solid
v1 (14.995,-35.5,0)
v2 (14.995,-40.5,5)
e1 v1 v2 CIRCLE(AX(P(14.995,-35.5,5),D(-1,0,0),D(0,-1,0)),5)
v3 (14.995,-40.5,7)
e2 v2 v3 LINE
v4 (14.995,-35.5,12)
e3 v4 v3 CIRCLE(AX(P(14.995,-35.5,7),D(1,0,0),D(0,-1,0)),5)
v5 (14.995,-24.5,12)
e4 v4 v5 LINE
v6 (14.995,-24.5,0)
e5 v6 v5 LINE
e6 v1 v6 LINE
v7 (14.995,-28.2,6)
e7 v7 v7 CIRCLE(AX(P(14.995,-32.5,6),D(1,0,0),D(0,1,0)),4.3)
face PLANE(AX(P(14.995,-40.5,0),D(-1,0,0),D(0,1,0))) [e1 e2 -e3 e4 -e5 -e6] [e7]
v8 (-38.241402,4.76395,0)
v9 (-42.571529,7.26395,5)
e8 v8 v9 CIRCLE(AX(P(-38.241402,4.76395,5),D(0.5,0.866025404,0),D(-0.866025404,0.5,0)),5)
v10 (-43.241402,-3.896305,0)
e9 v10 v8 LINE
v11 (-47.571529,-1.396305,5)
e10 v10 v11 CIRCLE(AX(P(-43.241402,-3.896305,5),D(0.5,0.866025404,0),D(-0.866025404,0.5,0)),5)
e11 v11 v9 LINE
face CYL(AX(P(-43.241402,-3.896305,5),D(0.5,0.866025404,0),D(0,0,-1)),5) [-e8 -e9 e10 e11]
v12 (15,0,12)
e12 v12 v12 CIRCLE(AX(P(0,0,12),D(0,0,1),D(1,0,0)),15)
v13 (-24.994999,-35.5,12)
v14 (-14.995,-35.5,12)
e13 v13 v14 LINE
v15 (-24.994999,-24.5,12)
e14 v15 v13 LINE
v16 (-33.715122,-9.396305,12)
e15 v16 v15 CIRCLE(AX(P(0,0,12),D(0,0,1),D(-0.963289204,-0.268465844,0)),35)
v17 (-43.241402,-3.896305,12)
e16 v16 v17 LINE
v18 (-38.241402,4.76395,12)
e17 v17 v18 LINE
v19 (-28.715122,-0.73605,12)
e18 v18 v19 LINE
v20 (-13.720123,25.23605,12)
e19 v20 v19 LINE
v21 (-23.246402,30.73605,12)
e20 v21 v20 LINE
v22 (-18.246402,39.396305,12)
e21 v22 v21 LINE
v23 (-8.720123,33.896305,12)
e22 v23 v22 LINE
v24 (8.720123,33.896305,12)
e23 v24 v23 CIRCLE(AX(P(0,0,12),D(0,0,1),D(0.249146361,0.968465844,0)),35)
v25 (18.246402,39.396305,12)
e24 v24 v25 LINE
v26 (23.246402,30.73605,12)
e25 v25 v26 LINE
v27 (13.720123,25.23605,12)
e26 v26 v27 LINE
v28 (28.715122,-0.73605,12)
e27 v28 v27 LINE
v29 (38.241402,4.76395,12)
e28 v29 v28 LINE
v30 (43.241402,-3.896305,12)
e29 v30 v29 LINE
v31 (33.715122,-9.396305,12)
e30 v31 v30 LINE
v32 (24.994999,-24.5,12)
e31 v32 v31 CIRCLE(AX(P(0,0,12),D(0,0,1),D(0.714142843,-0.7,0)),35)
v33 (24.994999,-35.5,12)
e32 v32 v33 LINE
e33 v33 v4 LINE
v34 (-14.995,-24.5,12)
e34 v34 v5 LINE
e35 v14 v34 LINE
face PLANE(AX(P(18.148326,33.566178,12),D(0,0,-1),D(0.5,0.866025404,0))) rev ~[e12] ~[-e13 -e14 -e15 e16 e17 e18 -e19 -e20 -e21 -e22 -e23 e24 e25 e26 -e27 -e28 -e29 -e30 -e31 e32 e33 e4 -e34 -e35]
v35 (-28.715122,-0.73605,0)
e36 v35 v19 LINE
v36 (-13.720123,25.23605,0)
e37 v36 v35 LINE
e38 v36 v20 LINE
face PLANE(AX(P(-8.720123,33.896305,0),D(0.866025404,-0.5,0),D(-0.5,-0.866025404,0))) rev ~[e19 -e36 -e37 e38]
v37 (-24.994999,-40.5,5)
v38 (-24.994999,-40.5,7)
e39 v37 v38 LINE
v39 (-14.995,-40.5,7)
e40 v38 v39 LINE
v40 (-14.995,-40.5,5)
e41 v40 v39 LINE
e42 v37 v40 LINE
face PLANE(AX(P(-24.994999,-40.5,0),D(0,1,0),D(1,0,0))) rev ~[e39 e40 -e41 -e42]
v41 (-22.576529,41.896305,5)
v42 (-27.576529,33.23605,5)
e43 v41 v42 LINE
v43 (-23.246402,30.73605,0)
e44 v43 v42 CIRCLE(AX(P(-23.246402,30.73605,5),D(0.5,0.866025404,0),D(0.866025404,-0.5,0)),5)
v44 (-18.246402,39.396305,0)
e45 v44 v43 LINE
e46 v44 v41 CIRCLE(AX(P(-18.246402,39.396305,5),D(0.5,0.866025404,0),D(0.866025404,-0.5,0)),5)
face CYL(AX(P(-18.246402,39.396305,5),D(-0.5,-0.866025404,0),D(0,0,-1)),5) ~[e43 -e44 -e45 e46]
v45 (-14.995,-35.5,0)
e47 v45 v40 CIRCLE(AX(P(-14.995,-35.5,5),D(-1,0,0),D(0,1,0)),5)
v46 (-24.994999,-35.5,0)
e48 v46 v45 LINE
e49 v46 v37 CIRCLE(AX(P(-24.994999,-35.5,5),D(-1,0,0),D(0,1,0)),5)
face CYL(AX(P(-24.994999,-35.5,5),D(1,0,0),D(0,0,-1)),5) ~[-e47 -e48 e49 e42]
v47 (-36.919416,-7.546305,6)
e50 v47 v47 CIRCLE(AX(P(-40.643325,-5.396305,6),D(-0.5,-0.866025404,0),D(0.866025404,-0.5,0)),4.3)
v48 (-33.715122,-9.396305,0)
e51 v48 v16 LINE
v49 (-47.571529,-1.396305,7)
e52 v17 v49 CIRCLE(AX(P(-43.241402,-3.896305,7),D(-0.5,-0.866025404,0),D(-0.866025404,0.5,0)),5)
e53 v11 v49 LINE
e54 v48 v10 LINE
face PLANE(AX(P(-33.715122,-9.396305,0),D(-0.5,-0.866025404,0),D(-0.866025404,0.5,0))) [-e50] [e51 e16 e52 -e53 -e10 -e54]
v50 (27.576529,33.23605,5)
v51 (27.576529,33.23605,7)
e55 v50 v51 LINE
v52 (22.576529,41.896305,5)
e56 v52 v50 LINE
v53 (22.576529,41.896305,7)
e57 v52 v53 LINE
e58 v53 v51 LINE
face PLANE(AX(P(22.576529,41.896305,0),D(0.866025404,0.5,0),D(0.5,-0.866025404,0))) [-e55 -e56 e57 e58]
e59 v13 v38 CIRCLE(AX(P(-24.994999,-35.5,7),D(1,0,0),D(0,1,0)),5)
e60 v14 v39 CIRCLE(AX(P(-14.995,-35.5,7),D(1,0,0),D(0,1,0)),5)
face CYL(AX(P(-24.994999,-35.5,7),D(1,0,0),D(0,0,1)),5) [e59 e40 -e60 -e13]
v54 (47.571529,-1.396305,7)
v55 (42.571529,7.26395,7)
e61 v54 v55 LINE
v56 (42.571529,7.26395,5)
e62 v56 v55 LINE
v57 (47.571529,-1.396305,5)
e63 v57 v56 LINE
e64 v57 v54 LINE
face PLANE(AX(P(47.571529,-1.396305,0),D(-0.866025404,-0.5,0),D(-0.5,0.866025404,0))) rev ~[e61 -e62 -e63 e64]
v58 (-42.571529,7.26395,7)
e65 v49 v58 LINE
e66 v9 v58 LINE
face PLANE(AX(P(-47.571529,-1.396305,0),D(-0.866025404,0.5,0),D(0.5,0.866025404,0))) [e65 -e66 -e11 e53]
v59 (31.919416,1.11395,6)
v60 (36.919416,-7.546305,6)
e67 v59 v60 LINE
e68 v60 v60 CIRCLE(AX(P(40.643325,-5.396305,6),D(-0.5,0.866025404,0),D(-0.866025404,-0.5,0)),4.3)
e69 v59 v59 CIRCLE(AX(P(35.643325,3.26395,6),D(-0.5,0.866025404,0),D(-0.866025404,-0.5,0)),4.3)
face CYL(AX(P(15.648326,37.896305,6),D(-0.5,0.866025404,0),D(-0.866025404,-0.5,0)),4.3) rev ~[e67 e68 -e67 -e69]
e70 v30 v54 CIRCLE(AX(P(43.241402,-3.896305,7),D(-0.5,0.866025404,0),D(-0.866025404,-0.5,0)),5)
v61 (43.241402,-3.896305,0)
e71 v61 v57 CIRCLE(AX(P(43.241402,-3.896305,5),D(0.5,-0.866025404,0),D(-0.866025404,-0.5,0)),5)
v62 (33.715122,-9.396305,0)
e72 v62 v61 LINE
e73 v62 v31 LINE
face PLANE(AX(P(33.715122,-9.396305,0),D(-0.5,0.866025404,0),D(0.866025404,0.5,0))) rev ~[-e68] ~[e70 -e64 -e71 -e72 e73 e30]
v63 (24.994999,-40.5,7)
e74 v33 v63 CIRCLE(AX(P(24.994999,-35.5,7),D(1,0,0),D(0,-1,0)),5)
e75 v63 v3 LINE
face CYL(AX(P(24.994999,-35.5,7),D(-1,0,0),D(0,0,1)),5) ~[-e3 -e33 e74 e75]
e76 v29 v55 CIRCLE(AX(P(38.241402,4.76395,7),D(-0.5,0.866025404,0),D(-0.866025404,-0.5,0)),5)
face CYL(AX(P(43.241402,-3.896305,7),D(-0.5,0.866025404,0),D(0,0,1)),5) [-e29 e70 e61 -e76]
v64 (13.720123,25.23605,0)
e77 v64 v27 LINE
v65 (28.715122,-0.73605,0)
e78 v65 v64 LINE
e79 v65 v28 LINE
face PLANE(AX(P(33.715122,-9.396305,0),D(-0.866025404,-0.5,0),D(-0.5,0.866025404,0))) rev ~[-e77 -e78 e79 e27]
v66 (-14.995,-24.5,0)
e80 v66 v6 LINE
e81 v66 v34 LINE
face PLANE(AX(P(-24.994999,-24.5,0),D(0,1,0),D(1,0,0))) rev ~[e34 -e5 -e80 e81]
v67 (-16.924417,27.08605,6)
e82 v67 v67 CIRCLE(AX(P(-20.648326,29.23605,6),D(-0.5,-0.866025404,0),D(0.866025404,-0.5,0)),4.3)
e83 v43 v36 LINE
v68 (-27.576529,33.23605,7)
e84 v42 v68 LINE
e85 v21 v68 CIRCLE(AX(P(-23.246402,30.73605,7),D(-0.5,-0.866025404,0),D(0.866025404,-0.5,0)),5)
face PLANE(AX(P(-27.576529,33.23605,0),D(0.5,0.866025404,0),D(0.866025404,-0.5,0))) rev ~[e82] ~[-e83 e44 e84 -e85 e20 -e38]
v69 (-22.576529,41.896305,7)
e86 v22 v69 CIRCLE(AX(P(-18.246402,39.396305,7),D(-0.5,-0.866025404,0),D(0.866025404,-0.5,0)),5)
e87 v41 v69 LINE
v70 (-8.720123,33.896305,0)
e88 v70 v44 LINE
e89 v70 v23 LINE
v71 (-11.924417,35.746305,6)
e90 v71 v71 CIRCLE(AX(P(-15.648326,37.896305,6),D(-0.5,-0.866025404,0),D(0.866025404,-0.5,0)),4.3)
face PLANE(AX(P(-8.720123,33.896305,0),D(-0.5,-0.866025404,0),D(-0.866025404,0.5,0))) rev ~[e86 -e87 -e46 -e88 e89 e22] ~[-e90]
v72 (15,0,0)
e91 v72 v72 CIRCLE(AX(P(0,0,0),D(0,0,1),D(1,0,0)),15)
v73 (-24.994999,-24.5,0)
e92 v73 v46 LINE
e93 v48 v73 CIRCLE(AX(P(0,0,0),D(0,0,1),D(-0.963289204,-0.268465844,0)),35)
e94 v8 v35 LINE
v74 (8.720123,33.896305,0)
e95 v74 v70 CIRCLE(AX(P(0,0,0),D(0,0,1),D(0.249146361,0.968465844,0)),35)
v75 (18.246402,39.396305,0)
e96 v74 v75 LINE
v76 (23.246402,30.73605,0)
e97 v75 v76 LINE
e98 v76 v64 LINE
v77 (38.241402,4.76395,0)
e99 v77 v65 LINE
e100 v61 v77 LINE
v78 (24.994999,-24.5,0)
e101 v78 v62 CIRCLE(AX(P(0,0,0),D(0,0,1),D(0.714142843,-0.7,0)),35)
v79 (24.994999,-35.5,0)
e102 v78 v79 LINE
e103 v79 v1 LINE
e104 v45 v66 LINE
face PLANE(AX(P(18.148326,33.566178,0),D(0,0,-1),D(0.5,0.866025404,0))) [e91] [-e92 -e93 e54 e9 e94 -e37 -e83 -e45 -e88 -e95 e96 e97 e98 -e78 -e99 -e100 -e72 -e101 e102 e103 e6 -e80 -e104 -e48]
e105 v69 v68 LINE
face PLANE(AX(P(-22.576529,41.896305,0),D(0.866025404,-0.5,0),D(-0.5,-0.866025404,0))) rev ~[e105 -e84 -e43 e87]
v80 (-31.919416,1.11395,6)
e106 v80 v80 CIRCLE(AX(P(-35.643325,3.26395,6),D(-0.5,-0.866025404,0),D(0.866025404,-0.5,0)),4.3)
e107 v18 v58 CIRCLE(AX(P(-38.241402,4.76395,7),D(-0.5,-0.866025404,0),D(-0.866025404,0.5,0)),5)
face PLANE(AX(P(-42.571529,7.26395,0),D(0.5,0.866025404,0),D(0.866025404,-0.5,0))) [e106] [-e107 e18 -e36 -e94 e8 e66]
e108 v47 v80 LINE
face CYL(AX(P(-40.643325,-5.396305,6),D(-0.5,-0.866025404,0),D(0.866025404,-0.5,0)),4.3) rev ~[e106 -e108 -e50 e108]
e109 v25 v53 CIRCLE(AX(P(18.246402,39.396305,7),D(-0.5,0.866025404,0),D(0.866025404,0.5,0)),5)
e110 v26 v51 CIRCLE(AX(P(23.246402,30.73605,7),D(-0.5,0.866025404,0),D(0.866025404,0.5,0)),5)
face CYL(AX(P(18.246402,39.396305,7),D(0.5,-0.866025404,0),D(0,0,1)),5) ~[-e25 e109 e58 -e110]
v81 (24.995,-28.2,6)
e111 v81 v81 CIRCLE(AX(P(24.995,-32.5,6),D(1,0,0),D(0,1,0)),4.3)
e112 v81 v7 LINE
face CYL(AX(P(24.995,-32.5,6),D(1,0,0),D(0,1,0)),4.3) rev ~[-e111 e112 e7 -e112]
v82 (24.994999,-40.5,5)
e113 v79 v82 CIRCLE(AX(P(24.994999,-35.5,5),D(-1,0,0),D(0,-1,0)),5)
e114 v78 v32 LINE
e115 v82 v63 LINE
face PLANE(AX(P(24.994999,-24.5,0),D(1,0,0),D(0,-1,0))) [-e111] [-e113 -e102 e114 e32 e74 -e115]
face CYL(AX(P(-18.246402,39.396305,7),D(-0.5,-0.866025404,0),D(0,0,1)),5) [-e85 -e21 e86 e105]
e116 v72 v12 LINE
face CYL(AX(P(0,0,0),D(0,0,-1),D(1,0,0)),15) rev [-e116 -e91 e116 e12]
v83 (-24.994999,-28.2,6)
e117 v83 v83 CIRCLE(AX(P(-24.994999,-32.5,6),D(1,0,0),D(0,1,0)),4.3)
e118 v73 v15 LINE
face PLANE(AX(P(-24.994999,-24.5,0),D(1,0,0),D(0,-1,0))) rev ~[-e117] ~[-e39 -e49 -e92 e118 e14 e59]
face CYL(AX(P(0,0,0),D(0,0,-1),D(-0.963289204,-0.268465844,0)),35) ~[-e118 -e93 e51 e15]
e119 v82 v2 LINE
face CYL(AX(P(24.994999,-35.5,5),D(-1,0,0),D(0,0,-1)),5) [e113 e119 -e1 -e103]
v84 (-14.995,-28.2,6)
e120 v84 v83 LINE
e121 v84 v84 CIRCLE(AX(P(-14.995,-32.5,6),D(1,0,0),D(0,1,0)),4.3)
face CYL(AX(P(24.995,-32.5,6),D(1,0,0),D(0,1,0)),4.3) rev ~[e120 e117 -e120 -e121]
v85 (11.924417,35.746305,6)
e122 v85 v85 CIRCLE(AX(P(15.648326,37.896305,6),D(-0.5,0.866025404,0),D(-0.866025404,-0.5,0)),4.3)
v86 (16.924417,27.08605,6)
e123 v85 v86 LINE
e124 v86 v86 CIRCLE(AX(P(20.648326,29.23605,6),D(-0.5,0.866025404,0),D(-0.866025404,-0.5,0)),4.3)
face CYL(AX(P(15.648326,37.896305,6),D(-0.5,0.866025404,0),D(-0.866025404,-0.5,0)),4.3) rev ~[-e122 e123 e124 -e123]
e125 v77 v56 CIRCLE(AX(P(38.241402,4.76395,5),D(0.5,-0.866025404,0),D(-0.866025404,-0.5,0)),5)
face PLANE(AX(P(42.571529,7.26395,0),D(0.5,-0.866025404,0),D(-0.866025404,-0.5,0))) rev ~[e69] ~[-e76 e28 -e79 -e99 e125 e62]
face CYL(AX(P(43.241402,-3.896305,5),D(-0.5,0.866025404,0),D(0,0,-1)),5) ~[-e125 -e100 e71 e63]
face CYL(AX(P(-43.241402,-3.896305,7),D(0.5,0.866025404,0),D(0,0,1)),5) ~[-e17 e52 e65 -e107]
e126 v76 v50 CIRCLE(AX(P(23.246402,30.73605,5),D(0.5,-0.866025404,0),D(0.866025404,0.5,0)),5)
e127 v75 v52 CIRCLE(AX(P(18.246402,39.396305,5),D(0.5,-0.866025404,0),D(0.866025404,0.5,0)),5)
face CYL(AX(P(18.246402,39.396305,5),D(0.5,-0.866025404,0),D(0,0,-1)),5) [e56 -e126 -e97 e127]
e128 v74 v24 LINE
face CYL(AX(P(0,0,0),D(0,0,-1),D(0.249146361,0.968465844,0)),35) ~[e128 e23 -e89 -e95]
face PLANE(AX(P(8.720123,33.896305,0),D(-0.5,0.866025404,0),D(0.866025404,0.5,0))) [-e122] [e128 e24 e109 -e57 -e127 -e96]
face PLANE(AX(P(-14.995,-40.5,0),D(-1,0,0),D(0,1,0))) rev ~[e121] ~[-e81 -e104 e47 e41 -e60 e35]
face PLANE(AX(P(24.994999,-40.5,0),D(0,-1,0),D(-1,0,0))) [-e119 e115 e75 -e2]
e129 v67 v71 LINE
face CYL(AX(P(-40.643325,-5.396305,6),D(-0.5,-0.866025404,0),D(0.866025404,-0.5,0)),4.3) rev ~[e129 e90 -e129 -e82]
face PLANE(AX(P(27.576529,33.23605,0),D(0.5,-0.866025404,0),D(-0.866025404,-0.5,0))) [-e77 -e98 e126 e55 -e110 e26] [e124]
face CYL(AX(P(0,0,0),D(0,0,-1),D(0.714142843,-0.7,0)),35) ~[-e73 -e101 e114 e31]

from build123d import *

# Parameters (mm, degrees)
SKETCH1_R                = 15
BOSS_EXTRUDE1_DEPTH      = 12
BOSS_EXTRUDE2_DEPTH      = 12
SKETCH3_R                = 4.3
CUT_EXTRUDE1_DEPTH       = 79.135824623
FILLET1_R                = 5
CIRPATTERN1_COUNT        = 3
FILLET1_OF_CIRPATTERN1_R = 5


with BuildPart() as part:
    # Sketch1 → Boss-Extrude1 (new body)
    with BuildSketch(Plane.XY):
        with BuildLine():
            Line((-8.720122643, 33.896304534), (-33.715122143, -9.396304534))
            ThreePointArc((-33.715122143, -9.396304534), (-30.310889132, -17.5), (-24.9949995, -24.5))
            Line((-24.9949995, -24.5), (24.9949995, -24.5))
            ThreePointArc((24.9949995, -24.5), (30.310889132, -17.5), (33.715122143, -9.396304534))
            Line((33.715122143, -9.396304534), (8.720122643, 33.896304534))
            ThreePointArc((8.720122643, 33.896304534), (0, 35), (-8.720122643, 33.896304534))
        make_face()
        Circle(SKETCH1_R, mode=Mode.SUBTRACT)
    extrude(amount=BOSS_EXTRUDE1_DEPTH)

    # Sketch2 → Boss-Extrude2 (add)
    with BuildSketch(Plane(origin=(0, 0, 0), x_dir=(-1, 0, 0), z_dir=(0, 0, -1))):
        Polygon((33.715122143, -9.396304534), (47.571528603, -1.396304534), (42.571528603, 7.263949503), (28.715122143, -0.736050497), align=None)
        Polygon((13.720122643, 25.236050497), (8.720122643, 33.896304534), (22.576529103, 41.896304534), (27.576529103, 33.236050497), align=None)
    boss_extrude2 = extrude(amount=-BOSS_EXTRUDE2_DEPTH)

    # Sketch3 → Cut-Extrude1 (cut, through all)
    with BuildSketch(Plane(origin=(-12.49749975, -21.646304534, 0), x_dir=(0.866025404, -0.5, 0), z_dir=(-0.5, -0.866025404, 0))):
        with Locations((-32.5, 6)):
            Circle(SKETCH3_R)
    cut_extrude1 = extrude(amount=-CUT_EXTRUDE1_DEPTH, mode=Mode.SUBTRACT)

    # Fillet1
    fillet1_edges = [part.edges().sort_by_distance(p)[0] for p in [
        (-45.071528603, 2.933822484, 12),
        (-45.071528603, 2.933822484, 0),
        (-25.076529103, 37.566177516, 12),
        (-25.076529103, 37.566177516, 0),
    ]]
    fillet(fillet1_edges, radius=FILLET1_R)

    # CirPattern1: Boss-Extrude2, Cut-Extrude1 ×3 about axis
    cirpattern1_axis = Axis((0, 0, 0), (0, 0, 1))
    for i in range(1, CIRPATTERN1_COUNT):
        add(boss_extrude2.rotate(cirpattern1_axis, i * 360 / CIRPATTERN1_COUNT))
        add(cut_extrude1.rotate(cirpattern1_axis, i * 360 / CIRPATTERN1_COUNT), mode=Mode.SUBTRACT)

    # Fillet1 of CirPattern1
    fillet1_of_cirpattern1_edges = [part.edges().sort_by_distance(p)[0] for p in [
        (19.9949995, -40.5, 12),
        (19.9949995, -40.5, 0),
        (-19.9949995, -40.5, 12),
        (-19.9949995, -40.5, 0),
        (25.076529103, 37.566177516, 12),
        (25.076529103, 37.566177516, 0),
        (45.071528603, 2.933822484, 12),
        (45.071528603, 2.933822484, 0),
    ]]
    fillet(fillet1_of_cirpattern1_edges, radius=FILLET1_OF_CIRPATTERN1_R)


solid = part.part
